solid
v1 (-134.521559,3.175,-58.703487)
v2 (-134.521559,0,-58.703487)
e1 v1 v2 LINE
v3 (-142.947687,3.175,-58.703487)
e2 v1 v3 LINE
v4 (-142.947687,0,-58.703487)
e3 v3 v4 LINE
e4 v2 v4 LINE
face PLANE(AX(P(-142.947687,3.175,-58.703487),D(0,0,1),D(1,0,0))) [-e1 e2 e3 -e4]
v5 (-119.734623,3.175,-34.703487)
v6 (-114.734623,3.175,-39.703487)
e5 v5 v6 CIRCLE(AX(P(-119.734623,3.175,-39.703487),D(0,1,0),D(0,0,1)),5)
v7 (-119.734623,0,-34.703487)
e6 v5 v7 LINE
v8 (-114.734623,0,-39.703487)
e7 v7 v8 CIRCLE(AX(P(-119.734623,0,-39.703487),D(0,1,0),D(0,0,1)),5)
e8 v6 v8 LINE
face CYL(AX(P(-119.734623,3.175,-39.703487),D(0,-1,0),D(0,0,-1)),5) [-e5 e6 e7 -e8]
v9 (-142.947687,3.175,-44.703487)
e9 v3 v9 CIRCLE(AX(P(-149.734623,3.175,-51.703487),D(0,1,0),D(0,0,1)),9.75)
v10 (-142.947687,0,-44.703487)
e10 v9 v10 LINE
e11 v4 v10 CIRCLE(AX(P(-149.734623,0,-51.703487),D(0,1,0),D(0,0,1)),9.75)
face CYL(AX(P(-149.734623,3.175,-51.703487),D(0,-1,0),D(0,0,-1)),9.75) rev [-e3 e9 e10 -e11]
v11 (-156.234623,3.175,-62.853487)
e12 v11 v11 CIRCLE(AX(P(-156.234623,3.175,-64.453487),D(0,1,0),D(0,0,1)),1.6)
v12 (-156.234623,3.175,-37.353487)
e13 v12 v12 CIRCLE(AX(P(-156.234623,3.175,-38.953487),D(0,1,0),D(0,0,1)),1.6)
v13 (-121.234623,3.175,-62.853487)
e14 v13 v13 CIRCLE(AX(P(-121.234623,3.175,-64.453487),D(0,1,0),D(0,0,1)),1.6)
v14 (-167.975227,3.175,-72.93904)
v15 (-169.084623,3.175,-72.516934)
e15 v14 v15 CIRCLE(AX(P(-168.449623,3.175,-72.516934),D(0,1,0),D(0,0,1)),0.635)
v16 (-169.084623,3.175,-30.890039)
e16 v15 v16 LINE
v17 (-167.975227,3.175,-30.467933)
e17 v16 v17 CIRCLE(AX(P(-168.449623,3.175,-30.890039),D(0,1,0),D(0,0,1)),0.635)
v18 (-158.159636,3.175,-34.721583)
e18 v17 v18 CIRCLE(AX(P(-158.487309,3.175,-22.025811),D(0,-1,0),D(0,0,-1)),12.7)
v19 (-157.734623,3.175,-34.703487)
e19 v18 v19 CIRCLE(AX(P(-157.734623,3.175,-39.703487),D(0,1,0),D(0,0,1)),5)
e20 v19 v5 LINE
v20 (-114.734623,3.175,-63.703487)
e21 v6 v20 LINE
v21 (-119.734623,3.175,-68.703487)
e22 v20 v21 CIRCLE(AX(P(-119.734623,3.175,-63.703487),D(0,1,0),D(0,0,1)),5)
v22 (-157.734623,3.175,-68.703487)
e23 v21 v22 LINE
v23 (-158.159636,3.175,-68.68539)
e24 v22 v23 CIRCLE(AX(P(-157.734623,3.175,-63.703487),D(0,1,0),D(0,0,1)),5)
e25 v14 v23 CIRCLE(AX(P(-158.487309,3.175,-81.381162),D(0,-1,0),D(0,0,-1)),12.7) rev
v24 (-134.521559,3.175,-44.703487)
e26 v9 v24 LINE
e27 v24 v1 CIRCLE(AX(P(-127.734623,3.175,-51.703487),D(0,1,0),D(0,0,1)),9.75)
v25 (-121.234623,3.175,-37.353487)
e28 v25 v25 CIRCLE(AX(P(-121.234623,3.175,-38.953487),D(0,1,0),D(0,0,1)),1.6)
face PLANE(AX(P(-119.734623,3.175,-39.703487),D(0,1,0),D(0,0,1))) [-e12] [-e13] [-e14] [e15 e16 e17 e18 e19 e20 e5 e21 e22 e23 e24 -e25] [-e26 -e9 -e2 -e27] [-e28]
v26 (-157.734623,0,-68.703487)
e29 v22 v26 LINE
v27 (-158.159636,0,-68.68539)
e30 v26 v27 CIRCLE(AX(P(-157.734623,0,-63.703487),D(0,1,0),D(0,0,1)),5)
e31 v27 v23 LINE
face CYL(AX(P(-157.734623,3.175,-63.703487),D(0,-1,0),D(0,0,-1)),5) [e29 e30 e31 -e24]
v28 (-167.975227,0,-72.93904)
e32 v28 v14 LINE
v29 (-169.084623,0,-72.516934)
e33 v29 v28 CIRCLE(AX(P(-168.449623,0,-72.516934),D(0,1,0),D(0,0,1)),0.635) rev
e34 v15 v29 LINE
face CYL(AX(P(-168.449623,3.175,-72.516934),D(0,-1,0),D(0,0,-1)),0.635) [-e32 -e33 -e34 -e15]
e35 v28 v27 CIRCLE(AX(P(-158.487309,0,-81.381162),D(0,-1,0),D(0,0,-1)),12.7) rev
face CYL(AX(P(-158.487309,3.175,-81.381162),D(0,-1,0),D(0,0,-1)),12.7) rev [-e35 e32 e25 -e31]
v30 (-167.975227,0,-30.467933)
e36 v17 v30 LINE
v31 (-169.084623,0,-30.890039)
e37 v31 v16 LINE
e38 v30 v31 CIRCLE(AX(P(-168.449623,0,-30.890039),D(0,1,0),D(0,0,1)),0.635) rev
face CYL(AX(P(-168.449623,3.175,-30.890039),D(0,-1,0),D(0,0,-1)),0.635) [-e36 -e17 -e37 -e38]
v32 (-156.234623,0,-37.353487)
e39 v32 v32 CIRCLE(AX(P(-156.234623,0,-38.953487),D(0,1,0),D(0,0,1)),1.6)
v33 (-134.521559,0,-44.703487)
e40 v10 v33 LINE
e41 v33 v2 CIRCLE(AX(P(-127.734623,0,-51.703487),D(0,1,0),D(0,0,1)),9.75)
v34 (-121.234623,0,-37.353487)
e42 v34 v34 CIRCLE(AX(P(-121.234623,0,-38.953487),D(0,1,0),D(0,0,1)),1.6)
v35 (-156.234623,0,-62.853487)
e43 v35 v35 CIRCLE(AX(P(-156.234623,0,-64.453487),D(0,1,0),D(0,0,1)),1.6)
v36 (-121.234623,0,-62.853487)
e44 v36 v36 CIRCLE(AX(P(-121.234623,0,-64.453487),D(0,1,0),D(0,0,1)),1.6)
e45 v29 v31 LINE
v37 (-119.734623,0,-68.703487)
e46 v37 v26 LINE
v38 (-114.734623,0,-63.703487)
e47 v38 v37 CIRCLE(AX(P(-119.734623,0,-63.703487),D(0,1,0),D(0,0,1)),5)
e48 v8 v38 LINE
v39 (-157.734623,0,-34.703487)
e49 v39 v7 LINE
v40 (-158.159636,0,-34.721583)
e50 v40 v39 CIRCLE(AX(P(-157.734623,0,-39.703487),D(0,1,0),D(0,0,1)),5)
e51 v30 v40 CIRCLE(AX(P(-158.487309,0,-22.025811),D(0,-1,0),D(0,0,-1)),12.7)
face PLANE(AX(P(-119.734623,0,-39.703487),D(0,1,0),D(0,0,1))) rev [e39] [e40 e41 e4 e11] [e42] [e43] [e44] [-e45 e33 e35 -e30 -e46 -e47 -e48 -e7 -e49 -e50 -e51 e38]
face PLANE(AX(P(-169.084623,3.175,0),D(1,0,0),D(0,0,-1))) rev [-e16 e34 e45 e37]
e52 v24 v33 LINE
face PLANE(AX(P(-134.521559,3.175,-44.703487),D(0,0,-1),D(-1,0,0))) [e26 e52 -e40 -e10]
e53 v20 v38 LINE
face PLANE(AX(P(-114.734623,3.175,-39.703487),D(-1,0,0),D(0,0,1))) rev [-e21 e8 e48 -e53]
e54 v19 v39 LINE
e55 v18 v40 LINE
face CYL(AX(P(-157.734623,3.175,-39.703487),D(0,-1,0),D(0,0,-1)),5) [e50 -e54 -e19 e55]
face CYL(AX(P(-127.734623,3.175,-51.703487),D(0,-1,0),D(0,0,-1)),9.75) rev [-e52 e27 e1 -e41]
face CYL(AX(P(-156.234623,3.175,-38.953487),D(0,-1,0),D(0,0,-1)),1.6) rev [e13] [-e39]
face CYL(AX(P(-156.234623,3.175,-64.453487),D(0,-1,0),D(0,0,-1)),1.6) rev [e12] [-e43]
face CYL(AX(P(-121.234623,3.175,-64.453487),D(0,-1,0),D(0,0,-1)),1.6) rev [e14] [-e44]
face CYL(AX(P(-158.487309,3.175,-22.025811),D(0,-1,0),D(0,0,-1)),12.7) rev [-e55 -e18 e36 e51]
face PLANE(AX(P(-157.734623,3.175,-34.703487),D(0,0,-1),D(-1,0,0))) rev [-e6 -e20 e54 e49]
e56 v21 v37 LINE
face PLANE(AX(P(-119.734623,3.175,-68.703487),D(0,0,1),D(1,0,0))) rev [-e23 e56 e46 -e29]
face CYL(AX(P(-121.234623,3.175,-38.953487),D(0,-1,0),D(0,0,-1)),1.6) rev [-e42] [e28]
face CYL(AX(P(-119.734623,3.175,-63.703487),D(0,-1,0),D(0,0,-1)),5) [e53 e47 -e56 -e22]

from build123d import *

# Parameters (mm, degrees)
BOSS_EXTRUDE1_DEPTH = 3.175
BOSS_EXTRUDE2_DEPTH = 3.175
FILLET1_R           = 0.635


with BuildPart() as part:
    # Sketch1 → Boss-Extrude1 (new body)
    with BuildSketch(Plane(origin=(0, 0, 0), x_dir=(1, 0, 0), z_dir=(0, 1, 0))):
        with BuildLine():
            Line((-157.73462252, 34.703486642), (-119.73462252, 34.703486642))
            ThreePointArc((-119.73462252, 34.703486642), (-116.199088614, 36.167952736), (-114.73462252, 39.703486642))
            Line((-114.73462252, 39.703486642), (-114.73462252, 63.703486642))
            ThreePointArc((-114.73462252, 63.703486642), (-116.199088614, 67.239020548), (-119.73462252, 68.703486642))
            Line((-119.73462252, 68.703486642), (-157.73462252, 68.703486642))
            ThreePointArc((-157.73462252, 68.703486642), (-161.270156426, 67.239020548), (-162.73462252, 63.703486642))
            Line((-162.73462252, 63.703486642), (-162.73462252, 39.703486642))
            ThreePointArc((-162.73462252, 39.703486642), (-161.270156426, 36.167952736), (-157.73462252, 34.703486642))
        make_face()
        with BuildLine():
            Line((-134.5215585, 44.703486642), (-142.94768654, 44.703486642))
            ThreePointArc((-142.94768654, 44.703486642), (-146.073167891, 42.667101856), (-149.73462252, 41.953486642))
            ThreePointArc((-149.73462252, 41.953486642), (-159.48462252, 51.703486642), (-149.73462252, 61.453486642))
            ThreePointArc((-149.73462252, 61.453486642), (-146.073167891, 60.739871428), (-142.94768654, 58.703486642))
            Line((-142.94768654, 58.703486642), (-134.5215585, 58.703486642))
            ThreePointArc((-134.5215585, 58.703486642), (-131.396077149, 60.739871428), (-127.73462252, 61.453486642))
            ThreePointArc((-127.73462252, 61.453486642), (-117.98462252, 51.703486642), (-127.73462252, 41.953486642))
            ThreePointArc((-127.73462252, 41.953486642), (-131.396077149, 42.667101856), (-134.5215585, 44.703486642))
        make_face(mode=Mode.SUBTRACT)
        with BuildLine():
            ThreePointArc((-121.23462252, 37.353486642), (-119.63462252, 38.953486642), (-121.23462252, 40.553486642))
            ThreePointArc((-121.23462252, 40.553486642), (-122.83462252, 38.953486642), (-121.23462252, 37.353486642))
        make_face(mode=Mode.SUBTRACT)
        with BuildLine():
            ThreePointArc((-156.23462252, 37.353486642), (-154.63462252, 38.953486642), (-156.23462252, 40.553486642))
            ThreePointArc((-156.23462252, 40.553486642), (-157.83462252, 38.953486642), (-156.23462252, 37.353486642))
        make_face(mode=Mode.SUBTRACT)
        with BuildLine():
            ThreePointArc((-156.23462252, 62.853486642), (-154.63462252, 64.453486642), (-156.23462252, 66.053486642))
            ThreePointArc((-156.23462252, 66.053486642), (-157.83462252, 64.453486642), (-156.23462252, 62.853486642))
        make_face(mode=Mode.SUBTRACT)
        with BuildLine():
            ThreePointArc((-121.23462252, 62.853486642), (-119.63462252, 64.453486642), (-121.23462252, 66.053486642))
            ThreePointArc((-121.23462252, 66.053486642), (-122.83462252, 64.453486642), (-121.23462252, 62.853486642))
        make_face(mode=Mode.SUBTRACT)
    extrude(amount=BOSS_EXTRUDE1_DEPTH)

    # Sketch2 → Boss-Extrude2 (add)
    with BuildSketch(Plane.XZ):
        with BuildLine():
            Line((-169.08462252, -29.024879137), (-169.08462252, -74.382094147))
            ThreePointArc((-169.08462252, -74.382094147), (-164.359232711, -70.120144783), (-158.159635896, -68.685390257))
            ThreePointArc((-158.159635896, -68.685390257), (-161.417357026, -67.085419013), (-162.73462252, -63.703486642))
            Line((-162.73462252, -63.703486642), (-162.73462252, -39.703486642))
            ThreePointArc((-162.73462252, -39.703486642), (-161.417357026, -36.321554271), (-158.159635896, -34.721583027))
            ThreePointArc((-158.159635896, -34.721583027), (-164.359232711, -33.286828501), (-169.08462252, -29.024879137))
        make_face()
    extrude(amount=-BOSS_EXTRUDE2_DEPTH)

    # Fillet1
    fillet1_edges = [part.edges().sort_by_distance(p)[0] for p in [
        (-169.08462252, 1.5875, -74.382094147),
        (-169.08462252, 1.5875, -29.024879137),
    ]]
    fillet(fillet1_edges, radius=FILLET1_R)


solid = part.part
